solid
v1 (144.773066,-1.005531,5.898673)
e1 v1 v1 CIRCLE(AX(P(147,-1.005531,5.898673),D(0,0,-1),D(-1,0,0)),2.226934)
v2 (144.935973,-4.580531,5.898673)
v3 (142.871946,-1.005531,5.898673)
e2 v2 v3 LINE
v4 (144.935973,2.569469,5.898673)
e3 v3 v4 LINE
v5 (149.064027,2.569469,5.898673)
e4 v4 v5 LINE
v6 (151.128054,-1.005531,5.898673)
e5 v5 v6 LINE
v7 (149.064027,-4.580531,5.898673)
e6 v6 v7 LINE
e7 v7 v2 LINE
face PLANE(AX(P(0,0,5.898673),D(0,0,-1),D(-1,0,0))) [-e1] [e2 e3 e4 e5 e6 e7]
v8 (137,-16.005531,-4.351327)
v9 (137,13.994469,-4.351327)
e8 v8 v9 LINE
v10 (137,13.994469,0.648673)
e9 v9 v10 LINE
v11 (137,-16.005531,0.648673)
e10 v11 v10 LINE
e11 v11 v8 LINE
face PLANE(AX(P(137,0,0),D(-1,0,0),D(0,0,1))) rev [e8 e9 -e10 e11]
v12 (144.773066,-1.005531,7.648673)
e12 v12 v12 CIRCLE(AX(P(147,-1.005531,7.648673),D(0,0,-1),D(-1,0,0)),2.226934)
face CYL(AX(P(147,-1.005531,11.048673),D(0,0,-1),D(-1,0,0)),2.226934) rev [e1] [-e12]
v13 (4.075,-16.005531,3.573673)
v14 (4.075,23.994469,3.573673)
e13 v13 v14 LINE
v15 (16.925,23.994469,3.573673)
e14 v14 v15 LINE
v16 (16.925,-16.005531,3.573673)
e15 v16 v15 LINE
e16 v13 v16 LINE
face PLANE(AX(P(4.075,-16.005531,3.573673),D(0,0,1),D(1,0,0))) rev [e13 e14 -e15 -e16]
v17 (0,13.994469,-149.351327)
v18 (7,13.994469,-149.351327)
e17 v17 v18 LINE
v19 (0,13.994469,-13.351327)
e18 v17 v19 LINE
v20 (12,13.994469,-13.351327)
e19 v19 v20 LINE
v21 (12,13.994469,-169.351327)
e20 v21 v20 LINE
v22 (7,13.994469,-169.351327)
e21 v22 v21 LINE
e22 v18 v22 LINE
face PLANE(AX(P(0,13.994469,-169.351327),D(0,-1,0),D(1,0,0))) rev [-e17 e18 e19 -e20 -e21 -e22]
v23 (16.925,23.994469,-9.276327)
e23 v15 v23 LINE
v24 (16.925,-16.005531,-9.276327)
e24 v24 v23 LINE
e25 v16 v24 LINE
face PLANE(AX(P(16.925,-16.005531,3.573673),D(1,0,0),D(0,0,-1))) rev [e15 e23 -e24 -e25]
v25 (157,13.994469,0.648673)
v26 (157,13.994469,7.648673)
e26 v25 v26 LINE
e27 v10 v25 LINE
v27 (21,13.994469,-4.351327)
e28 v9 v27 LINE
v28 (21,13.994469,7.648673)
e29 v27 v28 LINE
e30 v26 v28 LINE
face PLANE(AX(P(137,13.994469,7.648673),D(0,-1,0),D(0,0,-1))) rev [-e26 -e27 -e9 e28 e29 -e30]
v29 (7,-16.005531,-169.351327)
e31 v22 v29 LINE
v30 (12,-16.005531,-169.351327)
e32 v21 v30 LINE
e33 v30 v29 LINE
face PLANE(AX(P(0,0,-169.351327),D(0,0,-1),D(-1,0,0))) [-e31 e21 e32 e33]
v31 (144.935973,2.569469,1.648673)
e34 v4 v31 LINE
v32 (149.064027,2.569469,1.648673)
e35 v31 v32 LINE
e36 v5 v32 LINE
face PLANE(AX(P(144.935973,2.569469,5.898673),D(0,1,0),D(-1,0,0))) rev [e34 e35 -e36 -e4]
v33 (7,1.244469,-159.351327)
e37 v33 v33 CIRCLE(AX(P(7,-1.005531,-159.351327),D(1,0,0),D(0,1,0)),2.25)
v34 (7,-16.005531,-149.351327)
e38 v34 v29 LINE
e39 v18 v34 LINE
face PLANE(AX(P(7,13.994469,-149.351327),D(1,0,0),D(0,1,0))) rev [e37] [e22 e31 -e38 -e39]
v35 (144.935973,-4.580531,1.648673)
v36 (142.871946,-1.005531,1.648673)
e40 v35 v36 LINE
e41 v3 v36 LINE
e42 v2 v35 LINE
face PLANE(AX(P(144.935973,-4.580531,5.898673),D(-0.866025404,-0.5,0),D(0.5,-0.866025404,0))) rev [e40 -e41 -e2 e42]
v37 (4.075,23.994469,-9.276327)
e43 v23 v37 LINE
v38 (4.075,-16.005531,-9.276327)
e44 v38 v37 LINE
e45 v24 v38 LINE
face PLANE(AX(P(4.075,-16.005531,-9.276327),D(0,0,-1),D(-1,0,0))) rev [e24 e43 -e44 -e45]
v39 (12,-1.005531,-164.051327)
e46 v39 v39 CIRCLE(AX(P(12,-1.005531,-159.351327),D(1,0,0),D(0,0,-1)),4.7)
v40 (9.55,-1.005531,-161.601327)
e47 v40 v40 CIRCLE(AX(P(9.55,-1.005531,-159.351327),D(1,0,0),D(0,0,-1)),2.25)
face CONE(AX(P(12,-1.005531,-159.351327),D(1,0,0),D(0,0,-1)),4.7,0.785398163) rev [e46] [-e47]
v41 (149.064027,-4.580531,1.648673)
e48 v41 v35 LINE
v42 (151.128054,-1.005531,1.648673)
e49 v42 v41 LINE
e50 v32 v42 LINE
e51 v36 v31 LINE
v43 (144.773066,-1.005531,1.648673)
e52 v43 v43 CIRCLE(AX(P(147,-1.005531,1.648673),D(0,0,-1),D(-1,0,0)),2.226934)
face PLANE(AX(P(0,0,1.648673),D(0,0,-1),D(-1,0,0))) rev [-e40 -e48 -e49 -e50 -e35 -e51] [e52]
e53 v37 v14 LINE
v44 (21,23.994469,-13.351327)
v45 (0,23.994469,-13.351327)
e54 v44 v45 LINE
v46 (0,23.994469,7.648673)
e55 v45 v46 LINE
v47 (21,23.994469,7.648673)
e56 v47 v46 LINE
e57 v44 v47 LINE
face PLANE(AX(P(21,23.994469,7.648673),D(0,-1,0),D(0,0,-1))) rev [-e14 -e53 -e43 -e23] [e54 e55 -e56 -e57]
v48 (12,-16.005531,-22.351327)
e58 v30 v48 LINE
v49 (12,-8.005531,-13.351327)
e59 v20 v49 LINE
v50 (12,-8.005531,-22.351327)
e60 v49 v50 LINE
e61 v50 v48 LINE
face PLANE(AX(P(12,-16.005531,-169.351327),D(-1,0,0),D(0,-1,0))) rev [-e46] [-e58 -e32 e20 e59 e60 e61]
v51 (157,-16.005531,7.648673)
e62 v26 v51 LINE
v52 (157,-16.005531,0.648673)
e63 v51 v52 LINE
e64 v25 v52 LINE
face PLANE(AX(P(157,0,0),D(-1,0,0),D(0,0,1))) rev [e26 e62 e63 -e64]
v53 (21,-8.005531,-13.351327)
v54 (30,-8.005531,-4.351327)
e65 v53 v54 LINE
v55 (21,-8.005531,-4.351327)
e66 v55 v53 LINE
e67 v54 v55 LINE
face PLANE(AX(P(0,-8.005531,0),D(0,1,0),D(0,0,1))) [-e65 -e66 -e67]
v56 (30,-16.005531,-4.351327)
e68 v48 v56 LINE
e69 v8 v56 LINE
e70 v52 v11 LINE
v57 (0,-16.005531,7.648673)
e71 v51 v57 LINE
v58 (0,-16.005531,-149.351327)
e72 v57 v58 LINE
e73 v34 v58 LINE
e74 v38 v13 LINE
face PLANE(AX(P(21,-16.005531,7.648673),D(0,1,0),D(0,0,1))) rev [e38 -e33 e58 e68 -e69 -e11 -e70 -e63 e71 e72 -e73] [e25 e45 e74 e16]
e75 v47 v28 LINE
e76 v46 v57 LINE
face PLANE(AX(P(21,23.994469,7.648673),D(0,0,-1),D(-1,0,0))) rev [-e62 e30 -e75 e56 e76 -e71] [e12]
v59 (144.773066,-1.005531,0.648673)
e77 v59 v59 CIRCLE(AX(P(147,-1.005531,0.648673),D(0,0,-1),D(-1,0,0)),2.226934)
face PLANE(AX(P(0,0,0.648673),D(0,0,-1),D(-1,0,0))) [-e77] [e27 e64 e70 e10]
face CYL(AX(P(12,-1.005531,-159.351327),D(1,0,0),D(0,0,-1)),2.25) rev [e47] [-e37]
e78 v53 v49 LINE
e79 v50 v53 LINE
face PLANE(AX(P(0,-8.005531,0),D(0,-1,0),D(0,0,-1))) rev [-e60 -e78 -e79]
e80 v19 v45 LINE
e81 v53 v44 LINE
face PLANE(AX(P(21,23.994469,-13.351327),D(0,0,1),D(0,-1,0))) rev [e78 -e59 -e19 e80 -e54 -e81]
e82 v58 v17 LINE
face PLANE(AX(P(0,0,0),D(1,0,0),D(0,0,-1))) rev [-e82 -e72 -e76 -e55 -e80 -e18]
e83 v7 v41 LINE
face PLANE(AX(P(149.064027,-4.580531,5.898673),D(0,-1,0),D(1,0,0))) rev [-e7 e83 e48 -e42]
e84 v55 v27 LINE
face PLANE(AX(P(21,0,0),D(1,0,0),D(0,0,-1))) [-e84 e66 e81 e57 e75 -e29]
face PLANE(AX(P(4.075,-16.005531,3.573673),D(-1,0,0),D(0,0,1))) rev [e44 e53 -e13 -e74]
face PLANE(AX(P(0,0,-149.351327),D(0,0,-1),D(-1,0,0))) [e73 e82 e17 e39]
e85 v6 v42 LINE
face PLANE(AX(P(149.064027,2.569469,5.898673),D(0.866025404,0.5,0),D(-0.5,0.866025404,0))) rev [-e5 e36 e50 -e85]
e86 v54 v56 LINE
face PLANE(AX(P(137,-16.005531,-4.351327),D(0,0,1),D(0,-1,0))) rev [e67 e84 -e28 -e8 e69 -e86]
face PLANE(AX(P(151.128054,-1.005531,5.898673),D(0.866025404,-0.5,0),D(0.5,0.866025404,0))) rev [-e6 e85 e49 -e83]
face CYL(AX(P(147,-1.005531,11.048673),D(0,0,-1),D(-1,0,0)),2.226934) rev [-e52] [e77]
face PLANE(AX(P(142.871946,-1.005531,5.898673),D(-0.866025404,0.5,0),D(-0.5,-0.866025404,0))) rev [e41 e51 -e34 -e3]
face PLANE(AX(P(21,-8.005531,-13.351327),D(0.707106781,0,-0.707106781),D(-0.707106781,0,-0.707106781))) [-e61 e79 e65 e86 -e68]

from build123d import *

# Parameters (mm, degrees)
SKETCH1_W                                           = 21
SKETCH1_H                                           = 40
BOSS_EXTRUDE1_DEPTH                                 = 21
SKETCH8_W                                           = 12.85
SKETCH8_H                                           = 12.85
CUT_EXTRUDE2_DEPTH                                  = 40
SKETCH7_W                                           = 12
SKETCH7_H                                           = 30
BOSS_EXTRUDE5_DEPTH                                 = 156
SKETCH9_W                                           = 12
SKETCH9_H                                           = 30
BOSS_EXTRUDE6_DEPTH                                 = 116
SKETCH10_W                                          = 6
SKETCH10_H                                          = 30
BOSS_EXTRUDE7_DEPTH                                 = 20
SKETCH11_W                                          = 7
SKETCH11_H                                          = 30
CUT_EXTRUDE3_DEPTH                                  = 20
CUT_EXTRUDE7_DEPTH                                  = 4.25
CSK_FOR_M4_COUNTERSUNK_FLAT_HEAD_SCREW1_D           = 4.5
CSK_FOR_M4_COUNTERSUNK_FLAT_HEAD_SCREW1_DEPTH       = 16
CSK_FOR_M4_COUNTERSUNK_FLAT_HEAD_SCREW1_CSINK_D     = 9.4
CSK_FOR_M4_COUNTERSUNK_FLAT_HEAD_SCREW1_CSINK_ANGLE = 90
CSK_FOR_M4_COUNTERSUNK_FLAT_HEAD_SCREW1_TIP         = 1.351936393
BOSS_EXTRUDE10_DEPTH                                = 8
BOSS_EXTRUDE11_DEPTH                                = 8
SKETCH27_W                                          = 20
SKETCH27_H                                          = 30
BOSS_EXTRUDE12_DEPTH                                = 1
SKETCH18_R                                          = 2.226933834
CUT_EXTRUDE10_DEPTH                                 = 10.4


with BuildPart() as part:
    # Sketch1 → Boss-Extrude1 (new body)
    with BuildSketch(Plane(origin=(0, 0, 0), x_dir=(0, 0, -1), z_dir=(1, 0, 0))):
        with Locations((2.851327434, 3.994469027)):
            Rectangle(SKETCH1_W, SKETCH1_H)
    extrude(amount=BOSS_EXTRUDE1_DEPTH)

    # Sketch8 → Cut-Extrude2 (cut)
    with BuildSketch(Plane(origin=(0, 23.994469027, 0), x_dir=(1, 0, 0), z_dir=(0, 1, 0))):
        with Locations((10.5, 2.851327434)):
            Rectangle(SKETCH8_W, SKETCH8_H)
    extrude(amount=-CUT_EXTRUDE2_DEPTH, mode=Mode.SUBTRACT)

    # Sketch7 → Boss-Extrude5 (add)
    with BuildSketch(Plane(origin=(0, 0, -13.351327434), x_dir=(-1, 0, 0), z_dir=(0, 0, -1))):
        with Locations((-6, -1.005530973)):
            Rectangle(SKETCH7_W, SKETCH7_H)
    extrude(amount=BOSS_EXTRUDE5_DEPTH)

    # Sketch9 → Boss-Extrude6 (add)
    with BuildSketch(Plane(origin=(21, 0, 0), x_dir=(0, 0, -1), z_dir=(1, 0, 0))):
        with Locations((-1.648672566, -1.005530973)):
            Rectangle(SKETCH9_W, SKETCH9_H)
    extrude(amount=BOSS_EXTRUDE6_DEPTH)

    # Sketch10 → Boss-Extrude7 (add)
    with BuildSketch(Plane(origin=(137, 0, 0), x_dir=(0, 0, -1), z_dir=(1, 0, 0))):
        with Locations((-4.648672566, -1.005530973)):
            Rectangle(SKETCH10_W, SKETCH10_H)
    extrude(amount=BOSS_EXTRUDE7_DEPTH)

    # Sketch11 → Cut-Extrude3 (cut)
    with BuildSketch(Plane(origin=(0, 0, -169.351327434), x_dir=(-1, 0, 0), z_dir=(0, 0, -1))):
        with Locations((-3.5, -1.005530973)):
            Rectangle(SKETCH11_W, SKETCH11_H)
    extrude(amount=-CUT_EXTRUDE3_DEPTH, mode=Mode.SUBTRACT)

    # Sketch16 → Cut-Extrude7 (cut)
    with BuildSketch(Plane(origin=(0, 0, 1.648672566), x_dir=(-1, 0, 0), z_dir=(0, 0, -1))):
        Polygon((-149.064027212, 2.569469027), (-151.128054425, -1.005530973), (-149.064027212, -4.580530973), (-144.935972788, -4.580530973), (-142.871945575, -1.005530973), (-144.935972788, 2.569469027), align=None)
    extrude(amount=-CUT_EXTRUDE7_DEPTH, mode=Mode.SUBTRACT)

    # CSK for M4 Countersunk Flat Head Screw1
    with Locations(Plane(origin=(12, 0, 0), x_dir=(0, 0, 1), z_dir=(1, 0, 0))):
        with Locations((-159.351327434, 1.005530973)):
            CounterSinkHole(CSK_FOR_M4_COUNTERSUNK_FLAT_HEAD_SCREW1_D / 2, CSK_FOR_M4_COUNTERSUNK_FLAT_HEAD_SCREW1_CSINK_D / 2, depth=CSK_FOR_M4_COUNTERSUNK_FLAT_HEAD_SCREW1_DEPTH, counter_sink_angle=CSK_FOR_M4_COUNTERSUNK_FLAT_HEAD_SCREW1_CSINK_ANGLE)
            with Locations((0, 0, -(CSK_FOR_M4_COUNTERSUNK_FLAT_HEAD_SCREW1_DEPTH + CSK_FOR_M4_COUNTERSUNK_FLAT_HEAD_SCREW1_TIP / 2))):  # 118° drill point
                Cone(0, CSK_FOR_M4_COUNTERSUNK_FLAT_HEAD_SCREW1_D / 2, CSK_FOR_M4_COUNTERSUNK_FLAT_HEAD_SCREW1_TIP, mode=Mode.SUBTRACT)

    # Sketch24 → Boss-Extrude10 (add)
    with BuildSketch(Plane(origin=(0, -16.005530973, 0), x_dir=(-1, 0, 0), z_dir=(0, -1, 0))):
        Polygon((-21, 13.351327434), (-30, 4.351327434), (-21, 4.351327434), align=None)
    extrude(amount=-BOSS_EXTRUDE10_DEPTH)

    # Sketch25 → Boss-Extrude11 (add)
    with BuildSketch(Plane(origin=(0, -16.005530973, 0), x_dir=(-1, 0, 0), z_dir=(0, -1, 0))):
        Polygon((-21, 13.351327434), (-12, 22.351327434), (-12, 13.351327434), align=None)
    extrude(amount=-BOSS_EXTRUDE11_DEPTH)

    # Sketch27 → Boss-Extrude12 (add)
    with BuildSketch(Plane(origin=(0, 0, 1.648672566), x_dir=(-1, 0, 0), z_dir=(0, 0, -1))):
        with Locations((-147, -1.005530973)):
            Rectangle(SKETCH27_W, SKETCH27_H)
    extrude(amount=BOSS_EXTRUDE12_DEPTH)

    # Sketch18 → Cut-Extrude10 (cut)
    with BuildSketch(Plane(origin=(0, 0, 0.648672566), x_dir=(-1, 0, 0), z_dir=(0, 0, -1))):
        with Locations((-147, -1.005530973)):
            Circle(SKETCH18_R)
    extrude(amount=-CUT_EXTRUDE10_DEPTH, mode=Mode.SUBTRACT)


solid = part.part
